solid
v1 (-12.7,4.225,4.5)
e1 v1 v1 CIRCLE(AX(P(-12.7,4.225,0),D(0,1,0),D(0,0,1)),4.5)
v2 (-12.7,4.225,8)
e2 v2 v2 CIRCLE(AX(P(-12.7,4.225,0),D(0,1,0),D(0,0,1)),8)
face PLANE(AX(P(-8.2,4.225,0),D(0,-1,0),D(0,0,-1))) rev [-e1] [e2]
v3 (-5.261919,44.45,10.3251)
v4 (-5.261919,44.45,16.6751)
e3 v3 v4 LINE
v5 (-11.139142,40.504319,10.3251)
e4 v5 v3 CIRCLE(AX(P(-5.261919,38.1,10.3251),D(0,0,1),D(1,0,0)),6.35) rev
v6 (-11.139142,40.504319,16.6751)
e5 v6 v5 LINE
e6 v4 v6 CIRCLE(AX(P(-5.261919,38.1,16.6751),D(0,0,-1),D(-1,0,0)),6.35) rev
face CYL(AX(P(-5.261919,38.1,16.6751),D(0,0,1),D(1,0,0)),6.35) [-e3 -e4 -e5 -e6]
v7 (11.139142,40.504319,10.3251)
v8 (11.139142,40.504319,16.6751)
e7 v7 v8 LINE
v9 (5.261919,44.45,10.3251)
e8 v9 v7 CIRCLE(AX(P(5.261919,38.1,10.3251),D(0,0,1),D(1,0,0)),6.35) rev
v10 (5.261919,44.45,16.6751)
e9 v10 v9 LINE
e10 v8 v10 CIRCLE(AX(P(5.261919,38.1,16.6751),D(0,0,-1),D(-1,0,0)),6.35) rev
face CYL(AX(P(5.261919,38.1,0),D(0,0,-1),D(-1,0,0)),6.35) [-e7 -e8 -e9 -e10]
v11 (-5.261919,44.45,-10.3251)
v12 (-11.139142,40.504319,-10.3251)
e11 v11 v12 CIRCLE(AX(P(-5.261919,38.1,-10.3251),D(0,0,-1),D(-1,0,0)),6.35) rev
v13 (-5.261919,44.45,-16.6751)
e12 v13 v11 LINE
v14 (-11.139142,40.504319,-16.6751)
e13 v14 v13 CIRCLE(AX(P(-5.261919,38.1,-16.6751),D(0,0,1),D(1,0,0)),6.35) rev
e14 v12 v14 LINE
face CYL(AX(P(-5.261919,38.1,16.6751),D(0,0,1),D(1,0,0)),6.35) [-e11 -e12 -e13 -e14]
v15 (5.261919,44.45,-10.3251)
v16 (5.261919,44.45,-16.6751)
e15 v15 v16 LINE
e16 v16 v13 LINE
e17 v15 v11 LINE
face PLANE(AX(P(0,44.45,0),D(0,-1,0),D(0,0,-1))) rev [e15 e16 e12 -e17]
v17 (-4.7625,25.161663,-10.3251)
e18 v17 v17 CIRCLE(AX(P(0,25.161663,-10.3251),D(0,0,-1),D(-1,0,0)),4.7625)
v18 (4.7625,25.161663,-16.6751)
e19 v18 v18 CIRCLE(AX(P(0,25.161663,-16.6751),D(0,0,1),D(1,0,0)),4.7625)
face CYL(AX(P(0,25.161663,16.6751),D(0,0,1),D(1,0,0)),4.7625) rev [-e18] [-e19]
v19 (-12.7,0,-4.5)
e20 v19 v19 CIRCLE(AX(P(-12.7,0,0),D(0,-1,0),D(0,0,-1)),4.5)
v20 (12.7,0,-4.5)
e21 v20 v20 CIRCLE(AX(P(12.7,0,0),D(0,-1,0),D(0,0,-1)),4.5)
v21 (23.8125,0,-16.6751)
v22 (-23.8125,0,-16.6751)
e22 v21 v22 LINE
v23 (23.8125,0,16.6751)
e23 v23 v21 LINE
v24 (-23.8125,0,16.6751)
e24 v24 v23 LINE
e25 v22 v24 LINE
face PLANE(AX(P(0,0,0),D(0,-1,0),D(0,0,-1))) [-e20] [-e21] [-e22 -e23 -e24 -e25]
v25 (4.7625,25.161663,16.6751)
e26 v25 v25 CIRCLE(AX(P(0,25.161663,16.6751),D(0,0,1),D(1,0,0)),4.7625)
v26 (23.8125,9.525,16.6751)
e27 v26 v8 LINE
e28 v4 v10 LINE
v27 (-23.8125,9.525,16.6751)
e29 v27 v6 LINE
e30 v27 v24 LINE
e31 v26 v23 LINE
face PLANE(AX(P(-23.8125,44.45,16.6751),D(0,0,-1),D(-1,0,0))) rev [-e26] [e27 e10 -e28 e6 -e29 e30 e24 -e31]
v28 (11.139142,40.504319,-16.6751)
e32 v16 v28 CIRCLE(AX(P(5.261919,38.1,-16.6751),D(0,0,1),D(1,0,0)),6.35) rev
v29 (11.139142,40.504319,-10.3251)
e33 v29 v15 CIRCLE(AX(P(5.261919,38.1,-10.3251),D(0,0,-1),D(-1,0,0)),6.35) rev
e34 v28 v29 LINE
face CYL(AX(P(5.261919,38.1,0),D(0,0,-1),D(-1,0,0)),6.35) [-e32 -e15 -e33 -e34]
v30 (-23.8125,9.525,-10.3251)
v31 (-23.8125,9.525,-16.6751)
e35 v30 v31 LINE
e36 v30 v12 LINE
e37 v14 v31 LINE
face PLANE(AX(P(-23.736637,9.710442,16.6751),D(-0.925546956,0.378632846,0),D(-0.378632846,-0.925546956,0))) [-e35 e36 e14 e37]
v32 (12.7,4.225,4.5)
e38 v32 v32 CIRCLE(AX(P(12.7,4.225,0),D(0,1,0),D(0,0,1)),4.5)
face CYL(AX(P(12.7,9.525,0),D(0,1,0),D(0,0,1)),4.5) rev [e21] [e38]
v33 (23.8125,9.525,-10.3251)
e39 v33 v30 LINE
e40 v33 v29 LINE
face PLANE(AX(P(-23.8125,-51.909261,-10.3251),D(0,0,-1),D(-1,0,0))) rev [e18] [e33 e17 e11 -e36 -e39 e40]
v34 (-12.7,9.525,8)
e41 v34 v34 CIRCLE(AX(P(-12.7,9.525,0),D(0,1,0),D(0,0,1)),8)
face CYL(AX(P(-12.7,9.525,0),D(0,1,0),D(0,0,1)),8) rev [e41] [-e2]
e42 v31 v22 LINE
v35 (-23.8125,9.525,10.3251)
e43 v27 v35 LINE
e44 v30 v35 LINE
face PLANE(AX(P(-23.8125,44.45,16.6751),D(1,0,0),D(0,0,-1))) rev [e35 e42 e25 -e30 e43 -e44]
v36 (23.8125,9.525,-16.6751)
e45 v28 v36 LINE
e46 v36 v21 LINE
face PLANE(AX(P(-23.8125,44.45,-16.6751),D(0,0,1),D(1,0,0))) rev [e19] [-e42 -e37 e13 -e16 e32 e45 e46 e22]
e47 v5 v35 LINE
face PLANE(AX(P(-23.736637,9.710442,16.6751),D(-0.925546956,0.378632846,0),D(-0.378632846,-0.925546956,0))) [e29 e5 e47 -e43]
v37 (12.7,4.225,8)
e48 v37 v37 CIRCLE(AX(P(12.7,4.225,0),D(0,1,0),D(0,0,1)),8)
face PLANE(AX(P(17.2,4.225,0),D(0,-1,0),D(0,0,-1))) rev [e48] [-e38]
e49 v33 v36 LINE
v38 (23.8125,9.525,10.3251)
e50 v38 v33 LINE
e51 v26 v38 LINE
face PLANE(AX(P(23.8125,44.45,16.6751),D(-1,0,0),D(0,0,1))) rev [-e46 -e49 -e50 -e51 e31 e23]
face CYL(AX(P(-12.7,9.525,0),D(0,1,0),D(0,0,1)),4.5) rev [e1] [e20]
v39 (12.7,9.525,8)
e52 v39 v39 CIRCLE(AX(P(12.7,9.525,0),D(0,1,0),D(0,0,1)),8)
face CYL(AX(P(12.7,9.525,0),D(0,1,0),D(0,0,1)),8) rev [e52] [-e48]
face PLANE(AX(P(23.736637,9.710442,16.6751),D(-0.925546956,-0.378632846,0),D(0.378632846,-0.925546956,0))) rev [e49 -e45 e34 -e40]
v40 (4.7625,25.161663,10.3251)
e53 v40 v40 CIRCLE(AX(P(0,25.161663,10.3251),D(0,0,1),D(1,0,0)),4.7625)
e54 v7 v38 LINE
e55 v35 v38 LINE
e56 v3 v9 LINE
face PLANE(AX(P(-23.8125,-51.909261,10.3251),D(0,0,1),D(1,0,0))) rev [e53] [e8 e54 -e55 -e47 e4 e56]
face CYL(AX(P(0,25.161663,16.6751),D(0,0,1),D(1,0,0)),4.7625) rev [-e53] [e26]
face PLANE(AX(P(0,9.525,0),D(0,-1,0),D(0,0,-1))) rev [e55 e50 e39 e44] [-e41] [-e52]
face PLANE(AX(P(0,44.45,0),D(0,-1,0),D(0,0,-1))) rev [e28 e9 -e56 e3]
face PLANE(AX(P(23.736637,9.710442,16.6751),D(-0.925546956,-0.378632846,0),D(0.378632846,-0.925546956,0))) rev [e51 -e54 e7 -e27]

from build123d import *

# Parameters (mm, degrees)
SKETCH1_W                               = 47.625
SKETCH1_H                               = 33.3502
BOSS_EXTRUDE1_DEPTH                     = 44.45
SKETCH2_W                               = 47.625
SKETCH2_H                               = 20.6502
CUT_EXTRUDE1_DEPTH                      = 34.925
CUT_EXTRUDE2_DEPTH                      = 1
CUT_EXTRUDE2_DEPTH_BACK                 = 34.3502
CBORE_FOR_M8_HEX_HEAD_BOLT1_D           = 9
CBORE_FOR_M8_HEX_HEAD_BOLT1_DEPTH       = 13.298127214
CBORE_FOR_M8_HEX_HEAD_BOLT1_CBORE_D     = 16
CBORE_FOR_M8_HEX_HEAD_BOLT1_CBORE_DEPTH = 5.3
CBORE_FOR_M8_HEX_HEAD_BOLT1_TIP         = 2.703872786
FILLET3_R                               = 6.35
F_3_8_0_375_DIAMETER_HOLE1_D            = 9.525


with BuildPart() as part:
    # Sketch1 → Boss-Extrude1 (new body)
    with BuildSketch(Plane(origin=(0, 0, 0), x_dir=(1, 0, 0), z_dir=(0, 1, 0))):
        Rectangle(SKETCH1_W, SKETCH1_H)
    extrude(amount=BOSS_EXTRUDE1_DEPTH)

    # Sketch2 → Cut-Extrude1 (cut)
    with BuildSketch(Plane(origin=(0, 44.45, 0), x_dir=(1, 0, 0), z_dir=(0, 1, 0))):
        Rectangle(SKETCH2_W, SKETCH2_H)
    extrude(amount=-CUT_EXTRUDE1_DEPTH, mode=Mode.SUBTRACT)

    # Sketch3 → Cut-Extrude2 (cut, two sides)
    with BuildSketch(Plane(origin=(0, 0, -16.6751), x_dir=(-1, 0, 0), z_dir=(0, 0, -1))) as cut_extrude2_sk:
        Polygon((23.8125, 44.45), (9.525, 44.45), (23.8125, 9.525), align=None)
        Polygon((-23.8125, 9.525), (-9.525, 44.45), (-23.8125, 44.45), align=None)
    extrude(amount=CUT_EXTRUDE2_DEPTH, mode=Mode.SUBTRACT)
    extrude(cut_extrude2_sk.sketch, amount=-CUT_EXTRUDE2_DEPTH_BACK, mode=Mode.SUBTRACT)

    # CBORE for M8 Hex Head Bolt1
    with Locations(Plane(origin=(0, 9.525, 0), x_dir=(1, 0, 0), z_dir=(0, 1, 0))):
        with Locations((-12.7, 0), (12.7, 0)):
            CounterBoreHole(CBORE_FOR_M8_HEX_HEAD_BOLT1_D / 2, CBORE_FOR_M8_HEX_HEAD_BOLT1_CBORE_D / 2, CBORE_FOR_M8_HEX_HEAD_BOLT1_CBORE_DEPTH, depth=CBORE_FOR_M8_HEX_HEAD_BOLT1_DEPTH)
            with Locations((0, 0, -(CBORE_FOR_M8_HEX_HEAD_BOLT1_DEPTH + CBORE_FOR_M8_HEX_HEAD_BOLT1_TIP / 2))):  # 118° drill point
                Cone(0, CBORE_FOR_M8_HEX_HEAD_BOLT1_D / 2, CBORE_FOR_M8_HEX_HEAD_BOLT1_TIP, mode=Mode.SUBTRACT)

    # Fillet3
    fillet3_edges = [part.edges().sort_by_distance(p)[0] for p in [
        (9.525, 44.45, 13.5001),
        (-9.525, 44.45, 13.5001),
        (9.525, 44.45, -13.5001),
        (-9.525, 44.45, -13.5001),
    ]]
    fillet(fillet3_edges, radius=FILLET3_R)

    # 3/8 (0.375) Diameter Hole1 (through all)
    with Locations(Plane.XY.offset(16.6751)):
        with Locations((0, 25.161662577)):
            Hole(F_3_8_0_375_DIAMETER_HOLE1_D / 2)


solid = part.part
